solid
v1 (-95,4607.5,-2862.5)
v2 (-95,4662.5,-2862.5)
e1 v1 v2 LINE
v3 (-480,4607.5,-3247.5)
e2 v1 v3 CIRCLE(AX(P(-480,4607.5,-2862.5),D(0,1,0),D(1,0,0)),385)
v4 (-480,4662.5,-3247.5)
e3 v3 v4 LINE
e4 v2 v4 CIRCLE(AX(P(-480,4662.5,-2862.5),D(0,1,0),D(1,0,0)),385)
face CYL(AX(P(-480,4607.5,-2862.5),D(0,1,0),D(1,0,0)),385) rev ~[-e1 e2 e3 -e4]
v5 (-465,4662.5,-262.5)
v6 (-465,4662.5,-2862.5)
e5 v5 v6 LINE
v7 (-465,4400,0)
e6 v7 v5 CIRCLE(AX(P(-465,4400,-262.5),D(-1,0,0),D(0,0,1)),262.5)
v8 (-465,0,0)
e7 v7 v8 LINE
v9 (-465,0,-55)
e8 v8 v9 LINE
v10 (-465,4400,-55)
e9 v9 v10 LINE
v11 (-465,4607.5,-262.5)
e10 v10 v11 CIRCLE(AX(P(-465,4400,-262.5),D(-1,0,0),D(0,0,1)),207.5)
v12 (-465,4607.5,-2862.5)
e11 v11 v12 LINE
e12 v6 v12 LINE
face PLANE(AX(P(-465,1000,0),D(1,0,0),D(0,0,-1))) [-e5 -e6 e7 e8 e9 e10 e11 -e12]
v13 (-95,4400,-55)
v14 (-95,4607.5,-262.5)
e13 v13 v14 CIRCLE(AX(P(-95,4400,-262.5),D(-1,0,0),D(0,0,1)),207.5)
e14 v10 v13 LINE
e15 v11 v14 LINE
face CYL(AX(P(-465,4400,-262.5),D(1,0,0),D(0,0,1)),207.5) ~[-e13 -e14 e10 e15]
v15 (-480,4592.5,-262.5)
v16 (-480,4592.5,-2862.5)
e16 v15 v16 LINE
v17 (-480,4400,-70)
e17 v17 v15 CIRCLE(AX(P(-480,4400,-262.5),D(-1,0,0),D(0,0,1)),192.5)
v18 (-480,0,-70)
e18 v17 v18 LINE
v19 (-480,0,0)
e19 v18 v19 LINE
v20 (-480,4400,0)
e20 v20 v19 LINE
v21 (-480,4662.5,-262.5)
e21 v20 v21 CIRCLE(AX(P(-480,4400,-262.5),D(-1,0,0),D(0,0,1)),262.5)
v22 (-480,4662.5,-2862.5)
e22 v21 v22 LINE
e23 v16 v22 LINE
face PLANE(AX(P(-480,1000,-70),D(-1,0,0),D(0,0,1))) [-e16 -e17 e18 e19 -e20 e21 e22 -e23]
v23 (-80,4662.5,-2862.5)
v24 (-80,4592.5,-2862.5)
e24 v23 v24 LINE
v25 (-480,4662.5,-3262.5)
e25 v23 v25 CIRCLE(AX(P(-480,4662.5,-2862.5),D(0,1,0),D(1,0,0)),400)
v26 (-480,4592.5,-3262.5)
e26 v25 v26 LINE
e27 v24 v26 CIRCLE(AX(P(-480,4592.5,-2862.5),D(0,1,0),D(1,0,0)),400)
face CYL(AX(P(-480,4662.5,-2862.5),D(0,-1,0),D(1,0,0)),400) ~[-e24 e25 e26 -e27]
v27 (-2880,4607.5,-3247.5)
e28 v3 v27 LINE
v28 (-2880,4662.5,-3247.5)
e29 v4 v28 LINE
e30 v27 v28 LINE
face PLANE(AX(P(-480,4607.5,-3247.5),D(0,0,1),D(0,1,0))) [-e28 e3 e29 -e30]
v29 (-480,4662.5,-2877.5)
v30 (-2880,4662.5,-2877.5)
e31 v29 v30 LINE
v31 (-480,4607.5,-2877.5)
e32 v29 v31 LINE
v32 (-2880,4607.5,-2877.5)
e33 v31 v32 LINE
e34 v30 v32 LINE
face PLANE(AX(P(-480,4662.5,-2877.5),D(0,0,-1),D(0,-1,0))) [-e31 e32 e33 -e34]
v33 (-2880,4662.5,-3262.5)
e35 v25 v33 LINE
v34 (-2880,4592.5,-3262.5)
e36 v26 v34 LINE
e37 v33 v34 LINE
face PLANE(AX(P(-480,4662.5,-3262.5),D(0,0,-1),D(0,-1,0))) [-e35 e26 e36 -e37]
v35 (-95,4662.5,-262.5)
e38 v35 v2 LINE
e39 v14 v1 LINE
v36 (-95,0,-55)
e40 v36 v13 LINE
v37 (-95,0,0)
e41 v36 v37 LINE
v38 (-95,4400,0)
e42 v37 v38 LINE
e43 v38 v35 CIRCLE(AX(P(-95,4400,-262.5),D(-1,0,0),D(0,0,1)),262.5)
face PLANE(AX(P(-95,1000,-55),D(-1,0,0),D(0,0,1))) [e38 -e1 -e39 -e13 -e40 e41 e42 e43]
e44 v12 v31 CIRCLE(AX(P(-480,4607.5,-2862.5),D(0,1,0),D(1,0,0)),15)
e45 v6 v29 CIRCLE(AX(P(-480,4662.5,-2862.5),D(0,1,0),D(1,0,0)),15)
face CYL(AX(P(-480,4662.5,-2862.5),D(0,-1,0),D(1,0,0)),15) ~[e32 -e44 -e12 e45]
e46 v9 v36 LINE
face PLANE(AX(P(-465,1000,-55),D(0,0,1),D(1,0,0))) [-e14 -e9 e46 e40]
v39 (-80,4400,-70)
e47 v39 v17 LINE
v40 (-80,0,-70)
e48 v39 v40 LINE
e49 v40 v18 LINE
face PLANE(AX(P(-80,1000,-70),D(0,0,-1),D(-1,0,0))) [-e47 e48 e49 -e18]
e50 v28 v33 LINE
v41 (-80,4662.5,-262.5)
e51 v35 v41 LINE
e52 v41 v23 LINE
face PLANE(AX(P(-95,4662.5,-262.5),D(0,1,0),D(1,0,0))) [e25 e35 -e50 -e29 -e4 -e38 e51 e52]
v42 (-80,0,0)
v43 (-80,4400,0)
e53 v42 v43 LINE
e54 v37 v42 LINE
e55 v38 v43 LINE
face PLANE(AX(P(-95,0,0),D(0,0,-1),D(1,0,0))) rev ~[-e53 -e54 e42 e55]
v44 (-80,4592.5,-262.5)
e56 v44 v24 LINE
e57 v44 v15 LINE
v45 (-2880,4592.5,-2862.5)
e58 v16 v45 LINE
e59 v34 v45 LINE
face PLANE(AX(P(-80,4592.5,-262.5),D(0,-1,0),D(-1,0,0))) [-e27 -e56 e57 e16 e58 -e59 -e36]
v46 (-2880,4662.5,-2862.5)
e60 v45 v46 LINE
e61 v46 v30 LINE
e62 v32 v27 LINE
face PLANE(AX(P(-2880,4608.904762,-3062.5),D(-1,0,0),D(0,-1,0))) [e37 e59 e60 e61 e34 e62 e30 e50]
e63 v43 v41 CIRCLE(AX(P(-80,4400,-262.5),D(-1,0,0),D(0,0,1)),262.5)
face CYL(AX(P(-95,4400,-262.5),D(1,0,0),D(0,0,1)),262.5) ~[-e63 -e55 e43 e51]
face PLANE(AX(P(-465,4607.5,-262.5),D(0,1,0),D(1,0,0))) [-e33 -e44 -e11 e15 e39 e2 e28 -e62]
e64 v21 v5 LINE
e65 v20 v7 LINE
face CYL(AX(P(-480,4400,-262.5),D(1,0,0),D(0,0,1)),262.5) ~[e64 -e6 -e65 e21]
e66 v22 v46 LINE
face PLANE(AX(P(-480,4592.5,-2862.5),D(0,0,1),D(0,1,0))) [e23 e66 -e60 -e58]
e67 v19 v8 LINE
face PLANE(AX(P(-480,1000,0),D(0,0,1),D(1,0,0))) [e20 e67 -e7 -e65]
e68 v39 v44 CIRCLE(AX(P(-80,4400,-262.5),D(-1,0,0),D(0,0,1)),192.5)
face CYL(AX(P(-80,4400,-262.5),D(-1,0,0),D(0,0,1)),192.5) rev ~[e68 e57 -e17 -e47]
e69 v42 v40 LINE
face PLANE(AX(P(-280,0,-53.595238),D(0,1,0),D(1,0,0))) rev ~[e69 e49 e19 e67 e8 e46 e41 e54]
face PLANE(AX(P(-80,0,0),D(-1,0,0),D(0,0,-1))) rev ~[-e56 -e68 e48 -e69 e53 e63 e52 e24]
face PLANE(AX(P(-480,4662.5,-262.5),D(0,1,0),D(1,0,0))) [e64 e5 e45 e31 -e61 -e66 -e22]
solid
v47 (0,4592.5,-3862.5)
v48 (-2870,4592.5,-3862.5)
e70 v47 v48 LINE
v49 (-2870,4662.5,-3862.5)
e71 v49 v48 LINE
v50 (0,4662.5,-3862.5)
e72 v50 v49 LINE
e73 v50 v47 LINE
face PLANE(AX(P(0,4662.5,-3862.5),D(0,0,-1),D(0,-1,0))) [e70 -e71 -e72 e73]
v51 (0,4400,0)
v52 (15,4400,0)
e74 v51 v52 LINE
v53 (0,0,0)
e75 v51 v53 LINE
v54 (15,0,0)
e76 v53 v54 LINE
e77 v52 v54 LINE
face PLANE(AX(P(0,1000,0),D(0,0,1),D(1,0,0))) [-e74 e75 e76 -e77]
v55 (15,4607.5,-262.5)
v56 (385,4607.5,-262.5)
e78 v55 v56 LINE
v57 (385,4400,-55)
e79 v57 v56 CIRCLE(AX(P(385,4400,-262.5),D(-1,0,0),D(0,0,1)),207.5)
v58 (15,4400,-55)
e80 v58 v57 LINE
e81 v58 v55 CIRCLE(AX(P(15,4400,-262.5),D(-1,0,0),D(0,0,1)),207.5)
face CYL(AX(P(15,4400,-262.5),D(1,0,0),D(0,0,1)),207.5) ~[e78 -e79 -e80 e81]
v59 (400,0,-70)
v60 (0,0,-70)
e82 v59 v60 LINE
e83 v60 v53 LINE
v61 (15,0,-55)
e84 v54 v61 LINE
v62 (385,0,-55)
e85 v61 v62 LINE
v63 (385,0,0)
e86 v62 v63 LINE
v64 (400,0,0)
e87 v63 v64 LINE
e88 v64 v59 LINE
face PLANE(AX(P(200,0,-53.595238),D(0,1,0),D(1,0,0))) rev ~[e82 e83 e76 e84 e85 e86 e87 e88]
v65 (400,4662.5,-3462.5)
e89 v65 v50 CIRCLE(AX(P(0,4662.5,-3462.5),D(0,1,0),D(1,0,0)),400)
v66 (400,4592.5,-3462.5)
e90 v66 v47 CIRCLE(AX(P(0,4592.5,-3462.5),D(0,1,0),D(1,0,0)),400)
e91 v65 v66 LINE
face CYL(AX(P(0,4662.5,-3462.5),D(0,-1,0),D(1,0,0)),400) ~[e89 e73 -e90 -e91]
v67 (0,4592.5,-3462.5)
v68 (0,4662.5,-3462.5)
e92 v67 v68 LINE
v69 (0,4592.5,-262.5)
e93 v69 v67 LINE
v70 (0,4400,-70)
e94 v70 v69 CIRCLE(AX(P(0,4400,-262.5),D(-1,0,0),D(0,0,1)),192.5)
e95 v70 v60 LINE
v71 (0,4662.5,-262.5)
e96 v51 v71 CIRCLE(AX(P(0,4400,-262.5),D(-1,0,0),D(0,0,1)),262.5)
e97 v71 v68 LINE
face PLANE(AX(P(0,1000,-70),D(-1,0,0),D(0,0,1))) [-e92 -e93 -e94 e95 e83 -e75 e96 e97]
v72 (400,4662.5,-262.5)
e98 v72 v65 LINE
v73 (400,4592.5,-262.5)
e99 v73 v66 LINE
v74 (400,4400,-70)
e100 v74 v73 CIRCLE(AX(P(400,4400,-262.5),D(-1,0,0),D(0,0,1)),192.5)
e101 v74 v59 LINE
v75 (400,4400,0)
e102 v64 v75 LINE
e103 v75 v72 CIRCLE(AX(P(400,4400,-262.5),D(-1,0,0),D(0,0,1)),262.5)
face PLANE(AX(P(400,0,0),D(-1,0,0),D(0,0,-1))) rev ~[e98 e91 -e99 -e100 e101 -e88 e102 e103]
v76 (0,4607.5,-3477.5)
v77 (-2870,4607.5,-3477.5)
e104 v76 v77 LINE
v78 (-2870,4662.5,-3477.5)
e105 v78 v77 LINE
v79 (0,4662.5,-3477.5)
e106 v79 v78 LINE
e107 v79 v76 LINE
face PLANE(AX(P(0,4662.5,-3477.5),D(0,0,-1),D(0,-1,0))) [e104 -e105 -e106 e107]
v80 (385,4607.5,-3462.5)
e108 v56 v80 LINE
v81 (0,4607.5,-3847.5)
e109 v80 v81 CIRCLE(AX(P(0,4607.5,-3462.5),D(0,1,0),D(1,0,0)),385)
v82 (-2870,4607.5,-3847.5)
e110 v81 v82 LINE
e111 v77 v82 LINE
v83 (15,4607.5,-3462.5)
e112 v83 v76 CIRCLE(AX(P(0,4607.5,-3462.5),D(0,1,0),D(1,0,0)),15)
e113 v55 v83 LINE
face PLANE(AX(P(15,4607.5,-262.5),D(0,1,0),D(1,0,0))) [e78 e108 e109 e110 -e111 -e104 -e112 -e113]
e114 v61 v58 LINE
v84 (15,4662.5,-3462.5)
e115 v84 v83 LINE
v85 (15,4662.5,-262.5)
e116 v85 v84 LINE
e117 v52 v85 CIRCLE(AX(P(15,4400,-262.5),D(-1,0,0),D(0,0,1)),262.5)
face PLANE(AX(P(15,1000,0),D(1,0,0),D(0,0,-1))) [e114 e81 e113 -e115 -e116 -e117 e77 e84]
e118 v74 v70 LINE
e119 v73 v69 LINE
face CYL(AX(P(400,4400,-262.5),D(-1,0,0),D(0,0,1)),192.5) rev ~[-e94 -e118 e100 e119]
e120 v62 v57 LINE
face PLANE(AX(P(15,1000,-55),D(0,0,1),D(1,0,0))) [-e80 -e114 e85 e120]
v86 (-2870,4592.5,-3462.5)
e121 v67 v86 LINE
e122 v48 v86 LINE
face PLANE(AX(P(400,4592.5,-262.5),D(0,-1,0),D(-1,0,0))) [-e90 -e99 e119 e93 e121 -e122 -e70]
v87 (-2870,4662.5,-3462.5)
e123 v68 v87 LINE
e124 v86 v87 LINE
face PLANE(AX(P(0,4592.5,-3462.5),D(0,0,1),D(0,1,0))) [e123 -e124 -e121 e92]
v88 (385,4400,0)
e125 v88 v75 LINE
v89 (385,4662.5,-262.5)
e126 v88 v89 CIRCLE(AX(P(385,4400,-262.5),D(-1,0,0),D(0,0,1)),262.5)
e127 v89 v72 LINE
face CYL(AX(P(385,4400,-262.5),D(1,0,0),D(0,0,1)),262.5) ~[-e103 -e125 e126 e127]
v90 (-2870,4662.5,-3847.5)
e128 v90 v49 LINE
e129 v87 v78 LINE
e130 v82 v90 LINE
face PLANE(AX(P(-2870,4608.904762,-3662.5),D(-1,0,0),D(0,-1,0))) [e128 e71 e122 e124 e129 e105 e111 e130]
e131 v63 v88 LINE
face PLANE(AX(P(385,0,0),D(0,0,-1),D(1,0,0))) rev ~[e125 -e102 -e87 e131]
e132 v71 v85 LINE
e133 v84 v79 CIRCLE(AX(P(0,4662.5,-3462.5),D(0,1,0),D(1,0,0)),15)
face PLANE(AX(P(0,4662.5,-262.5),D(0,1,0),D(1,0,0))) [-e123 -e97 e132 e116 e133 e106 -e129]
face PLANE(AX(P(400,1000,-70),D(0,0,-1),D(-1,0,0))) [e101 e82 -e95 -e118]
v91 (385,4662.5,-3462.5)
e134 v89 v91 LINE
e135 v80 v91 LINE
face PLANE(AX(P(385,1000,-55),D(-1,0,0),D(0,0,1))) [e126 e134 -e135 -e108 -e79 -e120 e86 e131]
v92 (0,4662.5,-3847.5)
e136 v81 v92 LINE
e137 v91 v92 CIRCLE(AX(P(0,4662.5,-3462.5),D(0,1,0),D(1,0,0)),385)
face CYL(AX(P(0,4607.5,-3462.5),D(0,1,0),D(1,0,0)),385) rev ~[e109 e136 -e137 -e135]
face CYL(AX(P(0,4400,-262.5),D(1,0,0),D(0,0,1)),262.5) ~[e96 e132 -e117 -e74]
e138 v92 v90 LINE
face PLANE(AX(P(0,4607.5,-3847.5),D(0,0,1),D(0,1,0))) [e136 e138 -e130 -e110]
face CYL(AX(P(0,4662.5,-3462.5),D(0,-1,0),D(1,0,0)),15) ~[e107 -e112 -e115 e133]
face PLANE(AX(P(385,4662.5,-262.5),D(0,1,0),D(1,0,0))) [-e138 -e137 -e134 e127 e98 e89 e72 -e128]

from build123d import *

# Parameters (mm, degrees)
SALIENTE_EXTRUIR1_DEPTH   = 1000
SALIENTE_EXTRUIR1_2_DEPTH = 1000


with BuildPart() as part:
    # Croquis1 → Saliente-Extruir1 (new body)
    with BuildSketch(Plane(origin=(0, 0, 0), x_dir=(1, 0, 0), z_dir=(0, 1, 0))):
        Polygon((-465, 0), (-465, 55), (-95, 55), (-95, 0), (-80, 0), (-80, 70), (-480, 70), (-480, 0), align=None)
    extrude(amount=SALIENTE_EXTRUIR1_DEPTH)

    # Barrer1: sweep along a curve in space
    with BuildLine() as barrer1_path:
        Line((-280, 1000, -62.5), (-280, 4400, -62.5))
        ThreePointArc((-280, 4400, -62.5), (-280, 4541.421356237, -121.078643763), (-280, 4600, -262.5))
        Line((-280, 4600, -262.5), (-280, 4600, -2862.5))
        ThreePointArc((-280, 4600, -2862.5), (-338.578643763, 4600, -3003.921356237), (-480, 4600, -3062.5))
        Line((-480, 4600, -3062.5), (-2880, 4600, -3062.5))
    # Croquis3 → Barrer1 (sweep)
    with BuildSketch(Plane(origin=(0, 1000, 0), x_dir=(1, 0, 0), z_dir=(0, 1, 0))):
        Polygon((-465, 0), (-465, 55), (-95, 55), (-95, 0), (-80, 0), (-80, 70), (-480, 70), (-480, 0), align=None)
    sweep(path=barrer1_path.line)


with BuildPart() as body_2:
    # Croquis1 → Saliente-Extruir1 2 (new body)
    with BuildSketch(Plane(origin=(0, 0, 0), x_dir=(1, 0, 0), z_dir=(0, 1, 0))):
        Polygon((0, 0), (15, 0), (15, 55), (385, 55), (385, 0), (400, 0), (400, 70), (0, 70), align=None)
    extrude(amount=SALIENTE_EXTRUIR1_2_DEPTH)

    # Barrer2: sweep along a curve in space
    with BuildLine() as barrer2_path:
        Line((200, 1000, -62.5), (200, 4400, -62.5))
        ThreePointArc((200, 4400, -62.5), (200, 4541.421356237, -121.078643763), (200, 4600, -262.5))
        Line((200, 4600, -262.5), (200, 4600, -3462.5))
        ThreePointArc((200, 4600, -3462.5), (141.421356237, 4600, -3603.921356237), (0, 4600, -3662.5))
        Line((0, 4600, -3662.5), (-2870, 4600, -3662.5))
    # Croquis4 → Barrer2 (sweep)
    with BuildSketch(Plane(origin=(0, 1000, 0), x_dir=(1, 0, 0), z_dir=(0, 1, 0))):
        Polygon((15, 0), (15, 55), (385, 55), (385, 0), (400, 0), (400, 70), (0, 70), (0, 0), align=None)
    sweep(path=barrer2_path.line)


solid = Compound([part.part, body_2.part])
